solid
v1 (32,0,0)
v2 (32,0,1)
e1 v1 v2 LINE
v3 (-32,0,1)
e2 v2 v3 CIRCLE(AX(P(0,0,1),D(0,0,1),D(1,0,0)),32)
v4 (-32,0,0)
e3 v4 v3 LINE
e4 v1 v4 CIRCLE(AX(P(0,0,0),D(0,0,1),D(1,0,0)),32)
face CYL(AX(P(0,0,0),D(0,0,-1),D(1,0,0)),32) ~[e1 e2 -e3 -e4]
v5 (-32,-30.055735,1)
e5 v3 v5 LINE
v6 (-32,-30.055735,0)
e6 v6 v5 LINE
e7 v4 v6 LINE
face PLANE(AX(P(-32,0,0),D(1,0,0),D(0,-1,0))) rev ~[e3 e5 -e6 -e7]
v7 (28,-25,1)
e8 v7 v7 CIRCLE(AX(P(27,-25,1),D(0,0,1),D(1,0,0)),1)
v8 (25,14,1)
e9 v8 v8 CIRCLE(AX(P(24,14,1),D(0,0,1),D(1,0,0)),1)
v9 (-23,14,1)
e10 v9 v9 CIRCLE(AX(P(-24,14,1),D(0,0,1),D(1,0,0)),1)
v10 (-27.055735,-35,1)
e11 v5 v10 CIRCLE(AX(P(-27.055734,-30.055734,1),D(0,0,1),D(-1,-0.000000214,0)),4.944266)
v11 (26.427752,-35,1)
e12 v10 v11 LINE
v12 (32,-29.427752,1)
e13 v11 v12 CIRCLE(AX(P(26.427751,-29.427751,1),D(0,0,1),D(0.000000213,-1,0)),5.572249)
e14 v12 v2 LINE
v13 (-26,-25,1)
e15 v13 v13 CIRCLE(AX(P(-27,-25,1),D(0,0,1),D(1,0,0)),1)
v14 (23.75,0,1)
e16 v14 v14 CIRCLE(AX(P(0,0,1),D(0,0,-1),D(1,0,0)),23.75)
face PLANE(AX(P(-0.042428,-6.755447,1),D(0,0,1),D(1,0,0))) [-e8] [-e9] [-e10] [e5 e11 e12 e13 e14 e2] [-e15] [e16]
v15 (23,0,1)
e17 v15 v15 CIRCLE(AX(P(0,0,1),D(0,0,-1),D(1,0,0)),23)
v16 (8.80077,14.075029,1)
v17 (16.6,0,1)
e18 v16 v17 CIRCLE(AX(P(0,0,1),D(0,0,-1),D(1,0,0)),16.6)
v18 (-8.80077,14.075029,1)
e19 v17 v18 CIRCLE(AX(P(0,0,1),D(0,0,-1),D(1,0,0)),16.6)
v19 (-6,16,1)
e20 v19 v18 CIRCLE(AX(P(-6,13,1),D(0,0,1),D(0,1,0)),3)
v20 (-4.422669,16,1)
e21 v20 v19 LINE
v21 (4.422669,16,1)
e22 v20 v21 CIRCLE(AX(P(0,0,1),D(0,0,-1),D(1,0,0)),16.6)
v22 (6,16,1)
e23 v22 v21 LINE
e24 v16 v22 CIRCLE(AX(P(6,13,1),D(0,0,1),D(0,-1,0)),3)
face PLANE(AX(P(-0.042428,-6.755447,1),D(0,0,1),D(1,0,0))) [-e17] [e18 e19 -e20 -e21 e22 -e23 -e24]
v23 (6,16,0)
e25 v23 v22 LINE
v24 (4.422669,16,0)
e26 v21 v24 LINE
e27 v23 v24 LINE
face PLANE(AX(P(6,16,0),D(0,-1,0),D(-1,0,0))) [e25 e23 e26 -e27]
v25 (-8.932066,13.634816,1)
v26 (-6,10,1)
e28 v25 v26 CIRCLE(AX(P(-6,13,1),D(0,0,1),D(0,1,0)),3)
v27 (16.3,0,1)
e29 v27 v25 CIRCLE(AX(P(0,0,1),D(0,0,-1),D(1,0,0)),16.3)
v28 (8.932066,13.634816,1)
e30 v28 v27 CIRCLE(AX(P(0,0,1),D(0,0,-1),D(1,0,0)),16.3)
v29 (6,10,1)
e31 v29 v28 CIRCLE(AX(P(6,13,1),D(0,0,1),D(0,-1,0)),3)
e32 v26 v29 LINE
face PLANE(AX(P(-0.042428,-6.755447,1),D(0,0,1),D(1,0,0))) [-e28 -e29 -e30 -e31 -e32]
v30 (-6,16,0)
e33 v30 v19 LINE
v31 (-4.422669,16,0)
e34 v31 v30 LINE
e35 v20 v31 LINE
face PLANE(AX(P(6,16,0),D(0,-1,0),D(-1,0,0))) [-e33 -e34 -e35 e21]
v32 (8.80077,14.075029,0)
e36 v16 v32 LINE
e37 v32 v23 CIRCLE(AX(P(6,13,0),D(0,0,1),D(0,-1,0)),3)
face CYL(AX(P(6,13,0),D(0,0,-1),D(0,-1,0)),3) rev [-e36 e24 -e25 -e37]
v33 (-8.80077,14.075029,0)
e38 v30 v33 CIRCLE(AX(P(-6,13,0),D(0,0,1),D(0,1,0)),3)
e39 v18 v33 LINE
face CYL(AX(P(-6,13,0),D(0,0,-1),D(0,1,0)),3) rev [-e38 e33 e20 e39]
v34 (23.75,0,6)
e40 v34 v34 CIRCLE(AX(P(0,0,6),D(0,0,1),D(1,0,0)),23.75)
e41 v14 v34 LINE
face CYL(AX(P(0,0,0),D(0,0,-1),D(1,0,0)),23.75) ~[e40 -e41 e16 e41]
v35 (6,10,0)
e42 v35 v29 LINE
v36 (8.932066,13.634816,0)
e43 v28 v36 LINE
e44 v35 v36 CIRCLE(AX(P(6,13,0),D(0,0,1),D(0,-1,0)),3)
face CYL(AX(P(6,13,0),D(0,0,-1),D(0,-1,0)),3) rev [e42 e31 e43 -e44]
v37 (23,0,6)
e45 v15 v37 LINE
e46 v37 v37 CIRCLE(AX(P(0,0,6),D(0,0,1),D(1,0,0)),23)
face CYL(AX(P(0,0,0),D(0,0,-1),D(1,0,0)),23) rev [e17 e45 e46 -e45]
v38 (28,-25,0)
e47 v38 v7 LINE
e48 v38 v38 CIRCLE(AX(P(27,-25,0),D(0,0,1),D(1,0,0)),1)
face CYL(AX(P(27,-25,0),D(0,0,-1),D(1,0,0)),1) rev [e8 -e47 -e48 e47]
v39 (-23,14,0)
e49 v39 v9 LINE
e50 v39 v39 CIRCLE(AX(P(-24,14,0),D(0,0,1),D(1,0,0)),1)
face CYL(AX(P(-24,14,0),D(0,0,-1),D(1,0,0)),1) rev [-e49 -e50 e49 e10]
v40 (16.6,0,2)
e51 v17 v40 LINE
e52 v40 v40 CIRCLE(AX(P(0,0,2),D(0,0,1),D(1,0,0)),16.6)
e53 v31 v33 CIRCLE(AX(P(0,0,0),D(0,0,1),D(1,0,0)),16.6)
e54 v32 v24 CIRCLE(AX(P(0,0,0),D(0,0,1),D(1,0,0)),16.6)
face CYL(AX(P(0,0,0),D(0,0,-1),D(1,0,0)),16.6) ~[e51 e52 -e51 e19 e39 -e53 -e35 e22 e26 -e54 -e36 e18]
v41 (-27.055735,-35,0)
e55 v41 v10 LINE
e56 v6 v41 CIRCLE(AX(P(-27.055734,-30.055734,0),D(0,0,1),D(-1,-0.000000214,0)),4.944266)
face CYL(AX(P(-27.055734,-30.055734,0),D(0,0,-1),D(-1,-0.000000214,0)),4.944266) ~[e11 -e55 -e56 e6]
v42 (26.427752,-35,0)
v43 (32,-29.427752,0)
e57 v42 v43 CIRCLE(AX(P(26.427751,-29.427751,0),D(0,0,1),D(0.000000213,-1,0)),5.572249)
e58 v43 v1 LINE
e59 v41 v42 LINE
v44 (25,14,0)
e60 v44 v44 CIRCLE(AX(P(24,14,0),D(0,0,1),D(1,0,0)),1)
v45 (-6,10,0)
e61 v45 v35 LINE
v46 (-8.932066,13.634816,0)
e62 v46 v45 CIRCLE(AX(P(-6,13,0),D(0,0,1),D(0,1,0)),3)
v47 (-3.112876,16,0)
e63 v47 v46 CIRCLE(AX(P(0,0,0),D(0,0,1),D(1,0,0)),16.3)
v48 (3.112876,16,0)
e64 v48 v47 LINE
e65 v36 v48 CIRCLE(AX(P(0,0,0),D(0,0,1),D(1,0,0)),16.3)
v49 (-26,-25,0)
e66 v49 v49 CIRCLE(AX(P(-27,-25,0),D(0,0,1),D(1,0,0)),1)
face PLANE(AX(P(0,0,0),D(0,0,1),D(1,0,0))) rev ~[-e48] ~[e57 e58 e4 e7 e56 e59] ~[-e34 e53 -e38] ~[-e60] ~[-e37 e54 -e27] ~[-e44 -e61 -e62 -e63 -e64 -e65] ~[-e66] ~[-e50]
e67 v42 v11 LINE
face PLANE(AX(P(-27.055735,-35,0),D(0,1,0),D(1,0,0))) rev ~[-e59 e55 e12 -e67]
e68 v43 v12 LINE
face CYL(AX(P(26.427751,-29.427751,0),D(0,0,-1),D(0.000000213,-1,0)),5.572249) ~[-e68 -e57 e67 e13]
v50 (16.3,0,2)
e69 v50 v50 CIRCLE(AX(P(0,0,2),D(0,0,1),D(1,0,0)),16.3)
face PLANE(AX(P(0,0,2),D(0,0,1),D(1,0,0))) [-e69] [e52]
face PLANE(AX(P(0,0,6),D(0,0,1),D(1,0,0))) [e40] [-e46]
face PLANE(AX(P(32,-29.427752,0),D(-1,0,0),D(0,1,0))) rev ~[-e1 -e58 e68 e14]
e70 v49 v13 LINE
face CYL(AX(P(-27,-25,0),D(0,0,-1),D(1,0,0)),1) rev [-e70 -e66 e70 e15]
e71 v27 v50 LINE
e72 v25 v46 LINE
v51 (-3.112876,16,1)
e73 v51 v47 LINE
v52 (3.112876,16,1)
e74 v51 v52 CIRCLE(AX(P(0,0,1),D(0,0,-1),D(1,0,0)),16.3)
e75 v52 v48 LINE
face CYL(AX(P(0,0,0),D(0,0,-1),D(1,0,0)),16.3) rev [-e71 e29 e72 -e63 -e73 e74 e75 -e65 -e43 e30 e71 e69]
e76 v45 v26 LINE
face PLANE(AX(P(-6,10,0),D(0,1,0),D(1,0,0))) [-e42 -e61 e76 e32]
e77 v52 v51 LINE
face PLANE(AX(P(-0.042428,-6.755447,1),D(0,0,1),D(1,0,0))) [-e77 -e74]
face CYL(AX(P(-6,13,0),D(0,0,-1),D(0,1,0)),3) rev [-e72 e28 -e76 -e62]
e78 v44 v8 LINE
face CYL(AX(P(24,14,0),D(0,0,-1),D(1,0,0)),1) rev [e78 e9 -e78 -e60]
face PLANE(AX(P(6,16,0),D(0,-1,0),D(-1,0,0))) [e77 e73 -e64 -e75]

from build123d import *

# Parameters (mm, degrees)
TUBE_R        = 23.75
TUBE_R_2      = 23
TUBE_DEPTH    = 6
SKETCH004_R   = 1
PAD002_DEPTH  = 1
SKETCH006_R   = 16.6
SKETCH006_R_2 = 16.3
PAD003_DEPTH  = 2


with BuildPart() as tube:
    # Tube → Tube (new body)
    with BuildSketch(Plane.XY):
        Circle(TUBE_R)
        Circle(TUBE_R_2, mode=Mode.SUBTRACT)
    extrude(amount=TUBE_DEPTH)


with BuildPart() as fusion002:
    # Sketch004 → Pad002 (new body)
    with BuildSketch(Plane.XY):
        with BuildLine():
            ThreePointArc((32, 0), (0, 32), (-32, 0))
            Line((-32, 0), (-32, -30.055735))
            ThreePointArc((-32, -30.055735), (-30.551858, -33.551858), (-27.055735, -35))
            Line((-27.055735, -35), (26.427752, -35))
            ThreePointArc((26.427752, -35), (30.367926, -33.367926), (32, -29.427752))
            Line((32, -29.427752), (32, 0))
        make_face()
        with Locations((-27, -25)):
            Circle(SKETCH004_R, mode=Mode.SUBTRACT)
        with Locations((27, -25)):
            Circle(SKETCH004_R, mode=Mode.SUBTRACT)
        with Locations((24, 14)):
            Circle(SKETCH004_R, mode=Mode.SUBTRACT)
        with Locations((-24, 14)):
            Circle(SKETCH004_R, mode=Mode.SUBTRACT)
        with BuildLine():
            ThreePointArc((-6, 16), (-9, 13), (-6, 10))
            Line((-6, 10), (6, 10))
            ThreePointArc((6, 10), (9, 13), (6, 16))
            Line((6, 16), (-6, 16))
        make_face(mode=Mode.SUBTRACT)
    extrude(amount=PAD002_DEPTH)

    # Sketch006 → Pad003 (join)
    with BuildSketch(Plane.XY):
        Circle(SKETCH006_R)
        Circle(SKETCH006_R_2, mode=Mode.SUBTRACT)
    extrude(amount=PAD003_DEPTH)

    # Fusion002: union Tube
    add(tube.part)


solid = fusion002.part
